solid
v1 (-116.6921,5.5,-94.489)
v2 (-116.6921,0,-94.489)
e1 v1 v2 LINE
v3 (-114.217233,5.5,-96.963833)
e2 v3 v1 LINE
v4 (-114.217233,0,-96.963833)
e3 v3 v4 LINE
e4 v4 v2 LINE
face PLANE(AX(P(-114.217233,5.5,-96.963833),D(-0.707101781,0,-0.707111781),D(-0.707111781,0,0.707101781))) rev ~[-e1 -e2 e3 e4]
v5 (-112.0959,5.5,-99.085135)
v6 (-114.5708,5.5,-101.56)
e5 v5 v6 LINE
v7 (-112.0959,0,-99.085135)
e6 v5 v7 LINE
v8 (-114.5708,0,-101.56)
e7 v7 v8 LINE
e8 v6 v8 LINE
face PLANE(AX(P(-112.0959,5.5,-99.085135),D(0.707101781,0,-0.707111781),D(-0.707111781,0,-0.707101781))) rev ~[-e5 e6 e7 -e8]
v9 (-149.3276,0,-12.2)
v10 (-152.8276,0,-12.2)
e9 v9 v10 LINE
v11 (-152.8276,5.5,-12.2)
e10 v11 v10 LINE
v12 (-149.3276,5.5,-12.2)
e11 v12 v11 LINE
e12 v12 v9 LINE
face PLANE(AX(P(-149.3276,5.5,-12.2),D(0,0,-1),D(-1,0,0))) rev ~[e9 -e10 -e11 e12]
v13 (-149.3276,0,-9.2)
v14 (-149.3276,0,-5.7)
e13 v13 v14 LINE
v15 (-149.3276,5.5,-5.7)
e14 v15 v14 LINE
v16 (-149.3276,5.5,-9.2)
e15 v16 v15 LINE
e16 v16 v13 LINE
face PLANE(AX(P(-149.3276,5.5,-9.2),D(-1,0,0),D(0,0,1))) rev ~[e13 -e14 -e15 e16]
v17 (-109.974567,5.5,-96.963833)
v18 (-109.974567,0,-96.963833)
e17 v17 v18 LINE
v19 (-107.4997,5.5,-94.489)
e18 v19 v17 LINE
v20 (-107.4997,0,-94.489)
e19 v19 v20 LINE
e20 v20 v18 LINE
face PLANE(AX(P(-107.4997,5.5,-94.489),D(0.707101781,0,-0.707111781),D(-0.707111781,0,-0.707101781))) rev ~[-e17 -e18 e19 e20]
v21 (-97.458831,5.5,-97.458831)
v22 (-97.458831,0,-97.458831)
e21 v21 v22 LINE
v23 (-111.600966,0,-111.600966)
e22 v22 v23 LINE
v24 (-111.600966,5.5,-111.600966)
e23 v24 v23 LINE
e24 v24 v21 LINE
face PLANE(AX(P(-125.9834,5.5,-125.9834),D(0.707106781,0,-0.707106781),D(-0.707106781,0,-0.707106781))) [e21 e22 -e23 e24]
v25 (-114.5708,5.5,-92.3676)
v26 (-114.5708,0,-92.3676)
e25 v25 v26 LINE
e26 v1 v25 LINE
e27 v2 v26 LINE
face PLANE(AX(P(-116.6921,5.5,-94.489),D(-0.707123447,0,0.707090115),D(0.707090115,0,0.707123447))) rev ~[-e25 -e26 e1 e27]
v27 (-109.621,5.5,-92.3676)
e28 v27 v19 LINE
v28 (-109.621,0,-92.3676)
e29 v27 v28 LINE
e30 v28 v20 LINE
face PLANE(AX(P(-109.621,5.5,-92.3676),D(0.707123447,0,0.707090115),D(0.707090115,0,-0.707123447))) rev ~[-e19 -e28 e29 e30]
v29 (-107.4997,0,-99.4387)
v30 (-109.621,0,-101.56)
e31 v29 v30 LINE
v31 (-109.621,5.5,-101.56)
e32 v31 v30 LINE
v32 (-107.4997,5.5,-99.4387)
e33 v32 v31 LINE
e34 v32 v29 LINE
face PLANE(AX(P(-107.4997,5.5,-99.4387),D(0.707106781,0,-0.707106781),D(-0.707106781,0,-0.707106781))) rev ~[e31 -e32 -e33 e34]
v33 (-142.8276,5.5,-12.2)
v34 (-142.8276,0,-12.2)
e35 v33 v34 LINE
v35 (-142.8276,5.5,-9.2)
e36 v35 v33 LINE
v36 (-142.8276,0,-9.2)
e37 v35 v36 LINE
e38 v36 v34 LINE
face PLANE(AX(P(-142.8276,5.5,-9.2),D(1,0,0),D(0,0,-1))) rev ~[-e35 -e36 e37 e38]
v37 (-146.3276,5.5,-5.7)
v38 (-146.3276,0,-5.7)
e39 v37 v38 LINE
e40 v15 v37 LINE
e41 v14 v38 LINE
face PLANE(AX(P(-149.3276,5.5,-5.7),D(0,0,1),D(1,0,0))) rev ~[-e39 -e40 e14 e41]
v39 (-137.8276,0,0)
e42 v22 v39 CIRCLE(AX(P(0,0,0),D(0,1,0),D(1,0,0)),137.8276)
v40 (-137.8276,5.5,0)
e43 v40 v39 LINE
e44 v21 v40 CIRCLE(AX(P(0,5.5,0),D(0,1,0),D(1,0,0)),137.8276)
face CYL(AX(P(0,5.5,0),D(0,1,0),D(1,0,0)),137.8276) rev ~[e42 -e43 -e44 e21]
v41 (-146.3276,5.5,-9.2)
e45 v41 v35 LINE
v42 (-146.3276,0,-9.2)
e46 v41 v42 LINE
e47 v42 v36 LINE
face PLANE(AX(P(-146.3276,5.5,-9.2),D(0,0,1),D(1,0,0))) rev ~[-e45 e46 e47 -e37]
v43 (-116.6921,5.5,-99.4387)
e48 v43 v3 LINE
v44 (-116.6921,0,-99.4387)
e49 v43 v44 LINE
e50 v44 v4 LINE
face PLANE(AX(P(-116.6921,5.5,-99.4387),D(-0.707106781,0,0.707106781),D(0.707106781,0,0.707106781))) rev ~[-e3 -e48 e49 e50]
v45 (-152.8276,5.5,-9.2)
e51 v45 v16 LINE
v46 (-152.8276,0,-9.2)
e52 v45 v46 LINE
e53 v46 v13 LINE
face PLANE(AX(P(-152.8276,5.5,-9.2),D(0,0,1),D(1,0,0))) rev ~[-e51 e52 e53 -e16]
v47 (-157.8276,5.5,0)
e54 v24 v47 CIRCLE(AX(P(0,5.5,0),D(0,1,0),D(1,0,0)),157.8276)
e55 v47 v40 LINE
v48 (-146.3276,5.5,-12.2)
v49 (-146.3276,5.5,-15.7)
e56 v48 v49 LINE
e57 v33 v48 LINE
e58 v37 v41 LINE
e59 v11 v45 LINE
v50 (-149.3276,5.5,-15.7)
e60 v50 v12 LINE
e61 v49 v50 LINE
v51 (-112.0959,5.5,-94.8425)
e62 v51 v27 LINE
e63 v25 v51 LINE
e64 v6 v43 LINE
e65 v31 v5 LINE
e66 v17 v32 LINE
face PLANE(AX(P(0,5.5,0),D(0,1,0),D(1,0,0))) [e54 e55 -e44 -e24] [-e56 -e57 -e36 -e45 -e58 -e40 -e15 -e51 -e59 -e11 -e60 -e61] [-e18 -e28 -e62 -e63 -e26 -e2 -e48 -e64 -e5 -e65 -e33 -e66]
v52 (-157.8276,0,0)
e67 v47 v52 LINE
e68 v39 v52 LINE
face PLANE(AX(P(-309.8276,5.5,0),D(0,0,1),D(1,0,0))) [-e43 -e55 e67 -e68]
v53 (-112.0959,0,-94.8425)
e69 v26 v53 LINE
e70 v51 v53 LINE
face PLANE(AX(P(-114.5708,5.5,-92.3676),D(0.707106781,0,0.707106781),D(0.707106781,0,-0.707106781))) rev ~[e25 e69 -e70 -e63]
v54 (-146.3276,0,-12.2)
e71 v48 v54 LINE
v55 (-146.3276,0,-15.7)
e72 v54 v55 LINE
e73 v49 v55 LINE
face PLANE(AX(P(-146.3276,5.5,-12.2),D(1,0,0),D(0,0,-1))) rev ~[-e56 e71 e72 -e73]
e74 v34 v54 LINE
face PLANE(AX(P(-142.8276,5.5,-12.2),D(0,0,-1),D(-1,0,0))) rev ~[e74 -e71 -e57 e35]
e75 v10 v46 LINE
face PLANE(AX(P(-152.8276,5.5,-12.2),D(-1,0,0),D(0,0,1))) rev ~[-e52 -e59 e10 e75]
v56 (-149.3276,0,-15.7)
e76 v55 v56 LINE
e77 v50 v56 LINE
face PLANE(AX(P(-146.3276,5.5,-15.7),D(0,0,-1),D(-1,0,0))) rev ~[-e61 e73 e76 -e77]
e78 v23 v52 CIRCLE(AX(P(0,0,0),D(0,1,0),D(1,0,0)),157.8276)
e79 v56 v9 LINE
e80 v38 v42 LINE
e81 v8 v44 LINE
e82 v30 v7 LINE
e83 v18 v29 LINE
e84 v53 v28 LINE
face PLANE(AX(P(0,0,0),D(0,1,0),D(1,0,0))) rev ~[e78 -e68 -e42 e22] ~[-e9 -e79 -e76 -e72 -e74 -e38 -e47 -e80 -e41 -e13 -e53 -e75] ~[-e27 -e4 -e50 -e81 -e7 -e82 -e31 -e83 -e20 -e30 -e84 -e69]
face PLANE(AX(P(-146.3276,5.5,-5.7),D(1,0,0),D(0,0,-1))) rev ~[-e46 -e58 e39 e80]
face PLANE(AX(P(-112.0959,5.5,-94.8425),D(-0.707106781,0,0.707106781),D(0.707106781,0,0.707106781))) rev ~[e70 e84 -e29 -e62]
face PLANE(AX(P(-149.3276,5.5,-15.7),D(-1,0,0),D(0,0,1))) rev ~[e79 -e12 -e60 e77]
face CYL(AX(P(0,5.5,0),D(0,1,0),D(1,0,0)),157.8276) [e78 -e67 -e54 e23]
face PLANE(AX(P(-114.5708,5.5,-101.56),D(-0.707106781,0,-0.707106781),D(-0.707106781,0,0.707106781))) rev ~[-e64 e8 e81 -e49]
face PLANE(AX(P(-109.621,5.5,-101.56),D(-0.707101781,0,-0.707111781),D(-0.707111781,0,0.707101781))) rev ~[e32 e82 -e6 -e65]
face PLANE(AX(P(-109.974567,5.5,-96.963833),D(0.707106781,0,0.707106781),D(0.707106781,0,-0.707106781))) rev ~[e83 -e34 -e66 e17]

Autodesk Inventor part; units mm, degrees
ref_plane "YZ Plane" through (0, 0, 0) normal (1, 0, 0) x (0, 1, 0)
ref_plane "XZ Plane" through (0, 0, 0) normal (0, 1, 0) x (-1, 0, 0)
ref_plane "XY Plane" through (0, 0, 0) normal (0, 0, 1) x (1, 0, 0)
sketch "スケッチ1" plane through (0, 0, 0) normal (0, 1, 0) x (-1, 0, 0)
  circle A0 centre (0, 0) radius 178.1675
  circle A1 centre (0, 0) radius 157.8276
  line L0 (168.1877, 0) -> (166.7488, -21.9529)
  line L1 (168.1877, 0) -> (130.1721, 2.4917) construction
  line L2 (249.4344, 0) -> (-249.4344, 0) projected
  line L3 (166.7488, -21.9529) -> (156.7702, -21.2989)
  line L4 (156.7702, -21.2989) -> (158.2091, 0.654) construction
  line L5 (158.2091, 0.654) -> (168.1877, 0)
  line L6 (157.4896, -10.3224) -> (0, 0)
  line L7 (166.7488, -21.9529) -> (162.4568, -43.5302)
  line L8 (162.4568, -43.5302) -> (152.649, -41.5793) construction
  line L9 (152.649, -41.5793) -> (156.9409, -20.002) construction
  line L10 (156.9409, -20.002) -> (166.7488, -21.9529) construction
  line L11 (162.4568, -43.5302) -> (155.3851, -64.3626)
  line L12 (155.3851, -64.3626) -> (145.9158, -61.1482) construction
  line L13 (145.9158, -61.1482) -> (152.9875, -40.3158) construction
  line L14 (152.9875, -40.3158) -> (162.4568, -43.5302) construction
  line L15 (155.3851, -64.3626) -> (145.6548, -84.0938)
  line L16 (145.6548, -84.0938) -> (136.6861, -79.6709) construction
  line L17 (136.6861, -79.6709) -> (146.4164, -59.9397) construction
  line L18 (146.4164, -59.9397) -> (155.3851, -64.3626) construction
  line L19 (0, 0) -> (111.6009, -111.6009)
  line L20 (145.6548, -84.0938) -> (137.3401, -78.5381) construction
  line L21 (137.3401, -78.5381) -> (125.1176, -96.8305) construction
  line L22 (125.1176, -96.8305) -> (133.4323, -102.3862) construction
  line L23 (133.4323, -102.3862) -> (145.6548, -84.0938)
  line L24 (133.4323, -102.3862) -> (125.9139, -95.7927) construction
  line L25 (125.9139, -95.7927) -> (111.4082, -112.3332) construction
  line L26 (111.4082, -112.3332) -> (118.9266, -118.9266)
  line L27 (118.9266, -118.9266) -> (133.4323, -102.3862)
  line L28 (111.6009, -111.6009) -> (118.9266, -118.9266)
  line L29 (166.7488, -21.9529) -> (176.7274, -22.6069) construction
  line L30 (118.9266, -118.9266) -> (125.9834, -125.9834)
  point P0 (154.795, -30.7906)
  point P1 (149.4517, -50.732)
  point P2 (141.5512, -69.8053)
  point P3 (131.2288, -87.6843)
  point P4 (118.661, -104.0629)
  point P5 (157.8276, 0)
  point P6 (178.1675, 0)
  dimension "d0" = 22
  dimension "d1" = 10
  dimension "d2" = 45
  dimension "d4" = 315.6551
extrude "押し出し1" add sketch "スケッチ1" along normal blind 5.5 contours L30 L27 L23 L15 L11 L7 L0 L2 A0 | L28 A1 L2 L0 L7 L11 L15 L23 L27
sketch "スケッチ2" plane through (0, 5.5, 0) normal (0, 1, 0) x (1, 0, 0)
  circle A0 centre (0, 0) radius 309.8276
  line L0 (-168.1877, 0) -> (-166.7488, 21.9529) projected
  line L1 (-166.7488, 21.9529) -> (-162.4568, 43.5302) projected
  line L2 (-162.4568, 43.5302) -> (-155.3851, 64.3626) projected
  line L3 (-155.3851, 64.3626) -> (-145.6548, 84.0938) projected
  line L4 (-133.4323, 102.3862) -> (-145.6548, 84.0938) projected
  line L5 (-118.9266, 118.9266) -> (-133.4323, 102.3862) projected
  line L6 (-167.4682, 10.9764) -> (-166.0294, 32.9293)
  line L7 (-166.0294, 32.9293) -> (-275.7938, 40.1237)
  line L8 (-275.7938, 40.1237) -> (-277.2327, 18.1708)
  line L9 (-277.2327, 18.1708) -> (-167.4682, 10.9764)
  line L10 (-164.6028, 32.7415) -> (-160.3108, 54.3188)
  line L11 (-160.3108, 54.3188) -> (-268.1972, 75.7787)
  line L12 (-268.1972, 75.7787) -> (-272.4892, 54.2015)
  line L13 (-272.4892, 54.2015) -> (-164.6028, 32.7415)
  circle A1 centre (-166.7488, 21.9529) radius 11
  circle A2 centre (-162.4568, 43.5302) radius 11
  line L14 (-158.921, 53.9464) -> (-151.8493, 74.7789)
  line L15 (-151.8493, 74.7789) -> (-256.0116, 110.1372)
  line L16 (-256.0116, 110.1372) -> (-263.0833, 89.3047)
  line L17 (-263.0833, 89.3047) -> (-158.921, 53.9464)
  circle A3 centre (-155.3851, 64.3626) radius 11
  arc A4 (-275.7591, 62.4834) -> (-281.3553, 41.7349) centre (-166.7488, 21.9529) ccw
  line L18 (-178.1663, 0.654) -> (-158.2091, -0.654)
  line L19 (-158.2091, -0.654) -> (-156.7702, 21.2989)
  line L20 (-156.7702, 21.2989) -> (-176.7274, 22.6069)
  line L21 (-176.7274, 22.6069) -> (-178.1663, 0.654)
  line L22 (-177.4468, 11.6305) -> (-275.7938, 40.1237)
  line L23 (-176.7274, 22.6069) -> (-176.008, 33.5834)
  line L24 (-176.008, 33.5834) -> (-275.7591, 62.4834)
  line L25 (-275.7938, 40.1237) -> (-281.3553, 41.7349)
  circle A5 centre (0, 0) radius 137.8276
  line L26 (0, 0) -> (-219.0812, 219.0812)
  line L27 (-111.6009, 111.6009) -> (-125.9834, 125.9834) projected
  line L28 (-433.7586, 0) -> (433.7586, 0) projected
  circle A6 centre (0, 0) radius 279.8276 construction
  arc A7 (-111.6009, 111.6009) -> (-157.8276, 0) centre (0, 0) ccw projected
  point P0 (-158.1662, 0)
  point P1 (-137.8276, 0)
  point P2 (-97.4588, 97.4588)
  point P3 (-309.8276, 0)
  dimension "d7" = 22
  dimension "d10" = 20
  dimension "d11" = 100
  dimension "d12" = 30
  dimension "d14" = 20
  dimension "d17" = 122
extrude "押し出し2" add sketch "スケッチ2" against normal blind 5.5 contours L26 L5 L4 L3 A3 L15 L16 L17 A2 L11 L12 L24 A4 L25 L8 L9 L21 L18 L28 A0 | L18 L21 L9 L0 | L0 A1 L19 L28 | A5 L28 A7 A1 A2 A3 L26 | L26 A7 A3 L3 L4 L5 | A1 L21 L20 L0 | L9 L21 A1 | L0 L20 L19 A1 | L19 A7 L28 | L6 A1 L1 | L20 L23 A1 L6 | L1 A1 A7 L19 L20 | L22 L7 L23 A1 L21 | L9 L8 L22 | A1 L23 L21 | A1 A7 L19 | A7 A3 L2 L3 | A3 A7 | A2 L10 L1 | A1 L7 L24 L13 | A2 A7 A1 | L13 L24 L12 L11 A2 | L1 L2 A2 A7 | A1 L23 L7 | L25 A4 L24 L12 L13 L7 | A7 A1 | A7 A2 A3 | L3 L14 A3 | L10 A2 L2 | L13 L12 L24 | A7 A2 | A3 L14 L2 | L17 L16 L15 A3
sketch "スケッチ3" plane through (0, 5.5, 0) normal (0, 1, 0) x (1, 0, 0)
  circle A0 centre (0, 0) radius 157.8276
  arc A1 (-97.4588, 97.4588) -> (-137.8276, 0) centre (0, 0) ccw projected
  line L0 (-97.4588, 97.4588) -> (-219.0812, 219.0812) projected
  line L1 (-309.8276, 0) -> (-137.8276, 0) projected
  arc A2 (-219.0812, 219.0812) -> (-309.8276, 0) centre (0, 0) ccw projected
  point P0 (-157.8276, 0)
  point P1 (-111.6009, 111.6009)
  dimension "d18" = 20
extrude "押し出し3" cut sketch "スケッチ3" against normal through all contours A0 L1 A2 L0
sketch "スケッチ4" plane through (0, 5.5, 0) normal (0, 1, 0) x (1, 0, 0)
  line L0 (-152.8276, 9.2) -> (-142.8276, 9.2)
  line L1 (-142.8276, 9.2) -> (-142.8276, 12.2)
  line L2 (-142.8276, 12.2) -> (-152.8276, 12.2)
  line L3 (-152.8276, 12.2) -> (-152.8276, 9.2)
  line L4 (-149.3276, 5.7) -> (-146.3276, 5.7)
  line L5 (-146.3276, 5.7) -> (-146.3276, 15.7)
  line L6 (-146.3276, 15.7) -> (-149.3276, 15.7)
  line L7 (-149.3276, 15.7) -> (-149.3276, 5.7)
  line L8 (-157.8276, 0) -> (-137.8276, 0) projected
  line L9 (-97.4588, 97.4588) -> (-111.6009, 111.6009) projected
  line L10 (-104.5299, 104.5299) -> (-123.5496, 85.5102) construction
  line L11 (-109.621, 92.3676) -> (-107.4997, 94.489)
  line L12 (-107.4997, 94.489) -> (-114.5708, 101.56)
  line L13 (-114.5708, 101.56) -> (-116.6921, 99.4387)
  line L14 (-116.6921, 99.4387) -> (-109.621, 92.3676)
  line L15 (-116.6921, 94.489) -> (-114.5708, 92.3676)
  line L16 (-114.5708, 92.3676) -> (-107.4997, 99.4387)
  line L17 (-107.4997, 99.4387) -> (-109.621, 101.56)
  line L18 (-109.621, 101.56) -> (-116.6921, 94.489)
  line L19 (-97.4588, 97.4588) -> (-111.6009, 111.6009) projected
  line L20 (-108.5604, 93.4283) -> (-115.6315, 100.4994) construction
  point P0 (0, 0)
  point P1 (-147.8276, 0)
  point P2 (-147.8276, 5.7)
  point P3 (-147.8276, 9.2)
  point P4 (-149.3276, 10.7)
  point P5 (-152.8276, 10.7)
  point P6 (-147.8276, 0)
  point P7 (-149.3276, 12.2)
  point P8 (-149.3276, 9.2)
  point P9 (-146.3276, 9.2)
  point P10 (-146.3276, 12.2)
  point P11 (-108.5604, 100.4994)
  point P12 (-113.1566, 98.0245)
  point P13 (-111.0353, 98.0245)
  point P14 (-114.2172, 96.9638)
  point P15 (-112.0959, 94.8425)
  point P16 (-109.9746, 96.9638)
  point P17 (-112.0959, 99.0852)
  dimension "d21" = 10
  dimension "d22" = 3
  dimension "d23" = 5.7
  dimension "d30" = 5.7
extrude "押し出し4" cut sketch "スケッチ4" against normal through all
equation "\"d30\" = d23"
properties part number "back_under" material "木材 (カエデ材)"
